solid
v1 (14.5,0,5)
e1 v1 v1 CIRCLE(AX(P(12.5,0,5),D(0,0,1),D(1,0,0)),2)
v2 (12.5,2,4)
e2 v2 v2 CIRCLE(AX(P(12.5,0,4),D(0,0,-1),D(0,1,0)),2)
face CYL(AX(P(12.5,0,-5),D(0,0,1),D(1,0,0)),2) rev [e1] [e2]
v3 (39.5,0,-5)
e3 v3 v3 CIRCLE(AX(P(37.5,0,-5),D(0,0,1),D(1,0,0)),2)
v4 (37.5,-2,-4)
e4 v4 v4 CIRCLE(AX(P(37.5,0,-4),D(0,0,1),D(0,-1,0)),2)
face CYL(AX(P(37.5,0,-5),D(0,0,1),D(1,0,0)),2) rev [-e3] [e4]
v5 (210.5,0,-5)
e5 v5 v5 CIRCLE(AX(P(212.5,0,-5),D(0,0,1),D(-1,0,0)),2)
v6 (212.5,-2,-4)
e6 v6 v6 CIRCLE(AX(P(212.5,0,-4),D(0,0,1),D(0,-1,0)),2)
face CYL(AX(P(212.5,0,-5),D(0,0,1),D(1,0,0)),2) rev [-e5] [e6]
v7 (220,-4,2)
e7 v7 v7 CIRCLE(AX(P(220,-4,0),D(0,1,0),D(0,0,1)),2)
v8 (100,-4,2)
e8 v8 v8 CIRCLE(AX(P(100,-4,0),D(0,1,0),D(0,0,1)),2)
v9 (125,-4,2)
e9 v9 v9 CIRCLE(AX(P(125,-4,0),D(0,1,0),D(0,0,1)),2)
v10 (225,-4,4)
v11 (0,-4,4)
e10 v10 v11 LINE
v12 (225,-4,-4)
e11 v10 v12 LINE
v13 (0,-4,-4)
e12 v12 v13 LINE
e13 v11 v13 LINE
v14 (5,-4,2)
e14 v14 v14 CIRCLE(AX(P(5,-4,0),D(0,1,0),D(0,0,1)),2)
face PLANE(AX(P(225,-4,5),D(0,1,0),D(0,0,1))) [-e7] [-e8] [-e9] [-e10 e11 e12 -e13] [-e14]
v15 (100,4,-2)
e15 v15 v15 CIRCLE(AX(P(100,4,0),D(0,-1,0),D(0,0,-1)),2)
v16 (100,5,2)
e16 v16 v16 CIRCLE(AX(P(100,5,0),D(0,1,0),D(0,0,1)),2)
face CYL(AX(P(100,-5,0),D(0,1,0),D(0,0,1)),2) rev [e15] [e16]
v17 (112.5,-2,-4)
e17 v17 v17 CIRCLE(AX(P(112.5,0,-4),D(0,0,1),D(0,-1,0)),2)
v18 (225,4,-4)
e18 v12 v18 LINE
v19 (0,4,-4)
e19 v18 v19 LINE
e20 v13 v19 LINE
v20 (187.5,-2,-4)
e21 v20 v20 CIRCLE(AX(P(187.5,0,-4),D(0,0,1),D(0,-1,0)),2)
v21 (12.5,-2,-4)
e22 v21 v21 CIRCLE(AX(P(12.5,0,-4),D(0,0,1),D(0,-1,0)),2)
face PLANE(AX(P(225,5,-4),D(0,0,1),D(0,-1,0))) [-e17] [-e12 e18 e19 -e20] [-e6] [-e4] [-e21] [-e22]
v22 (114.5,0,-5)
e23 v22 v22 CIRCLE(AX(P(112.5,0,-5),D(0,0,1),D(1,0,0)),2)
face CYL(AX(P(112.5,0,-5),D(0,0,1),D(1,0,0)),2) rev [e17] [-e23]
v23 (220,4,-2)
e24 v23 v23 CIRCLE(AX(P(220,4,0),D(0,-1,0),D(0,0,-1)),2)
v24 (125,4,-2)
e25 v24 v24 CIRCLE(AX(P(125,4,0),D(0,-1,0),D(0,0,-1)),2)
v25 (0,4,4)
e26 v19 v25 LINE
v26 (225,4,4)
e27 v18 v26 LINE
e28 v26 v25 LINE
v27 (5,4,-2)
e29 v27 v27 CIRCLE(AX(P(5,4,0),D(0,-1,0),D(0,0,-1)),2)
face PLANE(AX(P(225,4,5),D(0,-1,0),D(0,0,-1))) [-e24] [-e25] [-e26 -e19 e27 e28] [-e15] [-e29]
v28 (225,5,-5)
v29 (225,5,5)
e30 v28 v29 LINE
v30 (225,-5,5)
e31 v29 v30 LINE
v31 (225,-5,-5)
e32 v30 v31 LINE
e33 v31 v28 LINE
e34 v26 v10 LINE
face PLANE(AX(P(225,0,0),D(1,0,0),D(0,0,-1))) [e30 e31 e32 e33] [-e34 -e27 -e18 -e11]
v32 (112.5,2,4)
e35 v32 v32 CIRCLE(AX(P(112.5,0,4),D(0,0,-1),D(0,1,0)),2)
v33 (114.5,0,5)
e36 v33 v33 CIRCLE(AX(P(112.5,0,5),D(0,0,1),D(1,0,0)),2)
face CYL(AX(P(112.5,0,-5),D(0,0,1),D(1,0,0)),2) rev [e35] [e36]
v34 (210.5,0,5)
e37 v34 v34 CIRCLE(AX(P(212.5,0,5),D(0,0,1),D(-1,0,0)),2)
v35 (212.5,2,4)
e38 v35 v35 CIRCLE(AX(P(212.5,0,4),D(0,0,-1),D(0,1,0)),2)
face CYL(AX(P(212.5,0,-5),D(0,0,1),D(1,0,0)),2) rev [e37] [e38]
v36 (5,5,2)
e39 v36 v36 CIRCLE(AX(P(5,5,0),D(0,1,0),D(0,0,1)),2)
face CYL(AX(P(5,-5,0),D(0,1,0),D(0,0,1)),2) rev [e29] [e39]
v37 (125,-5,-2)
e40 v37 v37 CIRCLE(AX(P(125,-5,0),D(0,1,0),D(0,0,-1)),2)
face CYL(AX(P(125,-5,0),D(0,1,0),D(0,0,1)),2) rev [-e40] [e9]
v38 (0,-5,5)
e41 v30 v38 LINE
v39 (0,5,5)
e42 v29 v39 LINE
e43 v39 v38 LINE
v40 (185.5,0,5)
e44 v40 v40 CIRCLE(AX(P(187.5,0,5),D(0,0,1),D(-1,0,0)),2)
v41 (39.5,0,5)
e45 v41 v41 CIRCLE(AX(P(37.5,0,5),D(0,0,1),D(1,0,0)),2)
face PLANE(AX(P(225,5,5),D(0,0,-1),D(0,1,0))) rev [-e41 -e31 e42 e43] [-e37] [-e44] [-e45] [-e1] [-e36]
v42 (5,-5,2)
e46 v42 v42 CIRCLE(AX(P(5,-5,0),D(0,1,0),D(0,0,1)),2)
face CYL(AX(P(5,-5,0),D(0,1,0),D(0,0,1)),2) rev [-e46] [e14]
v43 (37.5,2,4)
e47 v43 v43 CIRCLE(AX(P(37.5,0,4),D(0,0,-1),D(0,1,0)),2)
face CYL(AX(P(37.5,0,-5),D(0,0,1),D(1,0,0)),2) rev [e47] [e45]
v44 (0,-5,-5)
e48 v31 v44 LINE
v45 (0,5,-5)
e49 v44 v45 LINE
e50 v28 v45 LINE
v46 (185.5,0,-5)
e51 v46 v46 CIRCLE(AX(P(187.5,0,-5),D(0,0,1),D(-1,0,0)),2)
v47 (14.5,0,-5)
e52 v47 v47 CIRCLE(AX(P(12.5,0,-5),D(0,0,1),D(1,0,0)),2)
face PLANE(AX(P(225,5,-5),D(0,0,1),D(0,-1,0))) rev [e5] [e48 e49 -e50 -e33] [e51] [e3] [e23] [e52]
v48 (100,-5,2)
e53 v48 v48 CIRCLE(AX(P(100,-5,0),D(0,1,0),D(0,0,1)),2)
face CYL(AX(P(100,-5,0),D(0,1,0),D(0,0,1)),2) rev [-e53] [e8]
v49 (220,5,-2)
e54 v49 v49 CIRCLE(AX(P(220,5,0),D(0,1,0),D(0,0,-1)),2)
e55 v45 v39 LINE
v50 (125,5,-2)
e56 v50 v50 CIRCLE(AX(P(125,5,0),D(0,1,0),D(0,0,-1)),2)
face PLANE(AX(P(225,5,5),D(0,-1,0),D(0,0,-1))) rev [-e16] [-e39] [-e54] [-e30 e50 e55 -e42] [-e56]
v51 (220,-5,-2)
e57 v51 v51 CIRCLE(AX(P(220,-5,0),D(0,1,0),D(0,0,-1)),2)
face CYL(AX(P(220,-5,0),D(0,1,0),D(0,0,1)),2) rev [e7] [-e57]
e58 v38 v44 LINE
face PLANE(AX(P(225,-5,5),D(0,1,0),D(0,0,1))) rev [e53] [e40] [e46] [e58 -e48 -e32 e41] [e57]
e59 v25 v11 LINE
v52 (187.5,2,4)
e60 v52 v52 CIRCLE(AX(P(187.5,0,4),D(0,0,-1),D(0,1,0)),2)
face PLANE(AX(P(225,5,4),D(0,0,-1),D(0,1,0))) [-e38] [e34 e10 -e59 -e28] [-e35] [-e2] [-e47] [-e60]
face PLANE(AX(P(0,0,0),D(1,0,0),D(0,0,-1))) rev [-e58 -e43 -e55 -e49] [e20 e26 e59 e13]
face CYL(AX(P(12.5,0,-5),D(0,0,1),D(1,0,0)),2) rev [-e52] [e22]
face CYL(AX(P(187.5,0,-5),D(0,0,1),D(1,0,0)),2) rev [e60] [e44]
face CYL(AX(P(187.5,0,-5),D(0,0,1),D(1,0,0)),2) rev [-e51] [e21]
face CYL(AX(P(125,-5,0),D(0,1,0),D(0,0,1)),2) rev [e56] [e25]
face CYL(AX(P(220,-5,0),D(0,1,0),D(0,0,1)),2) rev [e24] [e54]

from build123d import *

# Parameters (mm, degrees)
SKETCH_1_W          = 10
SKETCH_1_H          = 10
SKETCH_1_W_2        = 8
SKETCH_1_H_2        = 8
EXTRUDE_1_DEPTH     = 225
SKETCH_2_R          = 2
CUT_EXTRUDE_1_DEPTH = 226.277606521
SKETCH_3_R          = 2
CUT_EXTRUDE_2_DEPTH = 226.277606521


with BuildPart() as part:
    # ｽｹｯﾁ1 → 押し出し-薄板1 (new body)
    with BuildSketch(Plane(origin=(0, 0, 0), x_dir=(0, 0, -1), z_dir=(1, 0, 0))):
        Rectangle(SKETCH_1_W, SKETCH_1_H)
        Rectangle(SKETCH_1_W_2, SKETCH_1_H_2, mode=Mode.SUBTRACT)
    extrude(amount=EXTRUDE_1_DEPTH)

    # ｽｹｯﾁ2 → ｶｯﾄ - 押し出し1 (cut, through all)
    with BuildSketch(Plane.XY.offset(5)):
        with Locations((37.5, 0)):
            Circle(SKETCH_2_R)
        with Locations(Location((187.5, 0, 0), (0, 0, 90))):
            Circle(SKETCH_2_R)
        with Locations((112.5, 0)):
            Circle(SKETCH_2_R)
        with Locations((12.5, 0)):
            Circle(SKETCH_2_R)
        with Locations(Location((212.5, 0, 0), (0, 0, 90))):
            Circle(SKETCH_2_R)
    extrude(amount=-CUT_EXTRUDE_1_DEPTH, mode=Mode.SUBTRACT)

    # ｽｹｯﾁ3 → ｶｯﾄ - 押し出し2 (cut, through all)
    with BuildSketch(Plane(origin=(0, 5, 0), x_dir=(1, 0, 0), z_dir=(0, 1, 0))):
        with Locations(Location((5, 0, 0), (0, 0, 270))):
            Circle(SKETCH_3_R)
        with Locations(Location((220, 0, 0), (0, 0, 270))):
            Circle(SKETCH_3_R)
        with Locations(Location((100, 0, 0), (0, 0, 270))):
            Circle(SKETCH_3_R)
        with Locations(Location((125, 0, 0), (0, 0, 270))):
            Circle(SKETCH_3_R)
    extrude(amount=-CUT_EXTRUDE_2_DEPTH, mode=Mode.SUBTRACT)


solid = part.part
